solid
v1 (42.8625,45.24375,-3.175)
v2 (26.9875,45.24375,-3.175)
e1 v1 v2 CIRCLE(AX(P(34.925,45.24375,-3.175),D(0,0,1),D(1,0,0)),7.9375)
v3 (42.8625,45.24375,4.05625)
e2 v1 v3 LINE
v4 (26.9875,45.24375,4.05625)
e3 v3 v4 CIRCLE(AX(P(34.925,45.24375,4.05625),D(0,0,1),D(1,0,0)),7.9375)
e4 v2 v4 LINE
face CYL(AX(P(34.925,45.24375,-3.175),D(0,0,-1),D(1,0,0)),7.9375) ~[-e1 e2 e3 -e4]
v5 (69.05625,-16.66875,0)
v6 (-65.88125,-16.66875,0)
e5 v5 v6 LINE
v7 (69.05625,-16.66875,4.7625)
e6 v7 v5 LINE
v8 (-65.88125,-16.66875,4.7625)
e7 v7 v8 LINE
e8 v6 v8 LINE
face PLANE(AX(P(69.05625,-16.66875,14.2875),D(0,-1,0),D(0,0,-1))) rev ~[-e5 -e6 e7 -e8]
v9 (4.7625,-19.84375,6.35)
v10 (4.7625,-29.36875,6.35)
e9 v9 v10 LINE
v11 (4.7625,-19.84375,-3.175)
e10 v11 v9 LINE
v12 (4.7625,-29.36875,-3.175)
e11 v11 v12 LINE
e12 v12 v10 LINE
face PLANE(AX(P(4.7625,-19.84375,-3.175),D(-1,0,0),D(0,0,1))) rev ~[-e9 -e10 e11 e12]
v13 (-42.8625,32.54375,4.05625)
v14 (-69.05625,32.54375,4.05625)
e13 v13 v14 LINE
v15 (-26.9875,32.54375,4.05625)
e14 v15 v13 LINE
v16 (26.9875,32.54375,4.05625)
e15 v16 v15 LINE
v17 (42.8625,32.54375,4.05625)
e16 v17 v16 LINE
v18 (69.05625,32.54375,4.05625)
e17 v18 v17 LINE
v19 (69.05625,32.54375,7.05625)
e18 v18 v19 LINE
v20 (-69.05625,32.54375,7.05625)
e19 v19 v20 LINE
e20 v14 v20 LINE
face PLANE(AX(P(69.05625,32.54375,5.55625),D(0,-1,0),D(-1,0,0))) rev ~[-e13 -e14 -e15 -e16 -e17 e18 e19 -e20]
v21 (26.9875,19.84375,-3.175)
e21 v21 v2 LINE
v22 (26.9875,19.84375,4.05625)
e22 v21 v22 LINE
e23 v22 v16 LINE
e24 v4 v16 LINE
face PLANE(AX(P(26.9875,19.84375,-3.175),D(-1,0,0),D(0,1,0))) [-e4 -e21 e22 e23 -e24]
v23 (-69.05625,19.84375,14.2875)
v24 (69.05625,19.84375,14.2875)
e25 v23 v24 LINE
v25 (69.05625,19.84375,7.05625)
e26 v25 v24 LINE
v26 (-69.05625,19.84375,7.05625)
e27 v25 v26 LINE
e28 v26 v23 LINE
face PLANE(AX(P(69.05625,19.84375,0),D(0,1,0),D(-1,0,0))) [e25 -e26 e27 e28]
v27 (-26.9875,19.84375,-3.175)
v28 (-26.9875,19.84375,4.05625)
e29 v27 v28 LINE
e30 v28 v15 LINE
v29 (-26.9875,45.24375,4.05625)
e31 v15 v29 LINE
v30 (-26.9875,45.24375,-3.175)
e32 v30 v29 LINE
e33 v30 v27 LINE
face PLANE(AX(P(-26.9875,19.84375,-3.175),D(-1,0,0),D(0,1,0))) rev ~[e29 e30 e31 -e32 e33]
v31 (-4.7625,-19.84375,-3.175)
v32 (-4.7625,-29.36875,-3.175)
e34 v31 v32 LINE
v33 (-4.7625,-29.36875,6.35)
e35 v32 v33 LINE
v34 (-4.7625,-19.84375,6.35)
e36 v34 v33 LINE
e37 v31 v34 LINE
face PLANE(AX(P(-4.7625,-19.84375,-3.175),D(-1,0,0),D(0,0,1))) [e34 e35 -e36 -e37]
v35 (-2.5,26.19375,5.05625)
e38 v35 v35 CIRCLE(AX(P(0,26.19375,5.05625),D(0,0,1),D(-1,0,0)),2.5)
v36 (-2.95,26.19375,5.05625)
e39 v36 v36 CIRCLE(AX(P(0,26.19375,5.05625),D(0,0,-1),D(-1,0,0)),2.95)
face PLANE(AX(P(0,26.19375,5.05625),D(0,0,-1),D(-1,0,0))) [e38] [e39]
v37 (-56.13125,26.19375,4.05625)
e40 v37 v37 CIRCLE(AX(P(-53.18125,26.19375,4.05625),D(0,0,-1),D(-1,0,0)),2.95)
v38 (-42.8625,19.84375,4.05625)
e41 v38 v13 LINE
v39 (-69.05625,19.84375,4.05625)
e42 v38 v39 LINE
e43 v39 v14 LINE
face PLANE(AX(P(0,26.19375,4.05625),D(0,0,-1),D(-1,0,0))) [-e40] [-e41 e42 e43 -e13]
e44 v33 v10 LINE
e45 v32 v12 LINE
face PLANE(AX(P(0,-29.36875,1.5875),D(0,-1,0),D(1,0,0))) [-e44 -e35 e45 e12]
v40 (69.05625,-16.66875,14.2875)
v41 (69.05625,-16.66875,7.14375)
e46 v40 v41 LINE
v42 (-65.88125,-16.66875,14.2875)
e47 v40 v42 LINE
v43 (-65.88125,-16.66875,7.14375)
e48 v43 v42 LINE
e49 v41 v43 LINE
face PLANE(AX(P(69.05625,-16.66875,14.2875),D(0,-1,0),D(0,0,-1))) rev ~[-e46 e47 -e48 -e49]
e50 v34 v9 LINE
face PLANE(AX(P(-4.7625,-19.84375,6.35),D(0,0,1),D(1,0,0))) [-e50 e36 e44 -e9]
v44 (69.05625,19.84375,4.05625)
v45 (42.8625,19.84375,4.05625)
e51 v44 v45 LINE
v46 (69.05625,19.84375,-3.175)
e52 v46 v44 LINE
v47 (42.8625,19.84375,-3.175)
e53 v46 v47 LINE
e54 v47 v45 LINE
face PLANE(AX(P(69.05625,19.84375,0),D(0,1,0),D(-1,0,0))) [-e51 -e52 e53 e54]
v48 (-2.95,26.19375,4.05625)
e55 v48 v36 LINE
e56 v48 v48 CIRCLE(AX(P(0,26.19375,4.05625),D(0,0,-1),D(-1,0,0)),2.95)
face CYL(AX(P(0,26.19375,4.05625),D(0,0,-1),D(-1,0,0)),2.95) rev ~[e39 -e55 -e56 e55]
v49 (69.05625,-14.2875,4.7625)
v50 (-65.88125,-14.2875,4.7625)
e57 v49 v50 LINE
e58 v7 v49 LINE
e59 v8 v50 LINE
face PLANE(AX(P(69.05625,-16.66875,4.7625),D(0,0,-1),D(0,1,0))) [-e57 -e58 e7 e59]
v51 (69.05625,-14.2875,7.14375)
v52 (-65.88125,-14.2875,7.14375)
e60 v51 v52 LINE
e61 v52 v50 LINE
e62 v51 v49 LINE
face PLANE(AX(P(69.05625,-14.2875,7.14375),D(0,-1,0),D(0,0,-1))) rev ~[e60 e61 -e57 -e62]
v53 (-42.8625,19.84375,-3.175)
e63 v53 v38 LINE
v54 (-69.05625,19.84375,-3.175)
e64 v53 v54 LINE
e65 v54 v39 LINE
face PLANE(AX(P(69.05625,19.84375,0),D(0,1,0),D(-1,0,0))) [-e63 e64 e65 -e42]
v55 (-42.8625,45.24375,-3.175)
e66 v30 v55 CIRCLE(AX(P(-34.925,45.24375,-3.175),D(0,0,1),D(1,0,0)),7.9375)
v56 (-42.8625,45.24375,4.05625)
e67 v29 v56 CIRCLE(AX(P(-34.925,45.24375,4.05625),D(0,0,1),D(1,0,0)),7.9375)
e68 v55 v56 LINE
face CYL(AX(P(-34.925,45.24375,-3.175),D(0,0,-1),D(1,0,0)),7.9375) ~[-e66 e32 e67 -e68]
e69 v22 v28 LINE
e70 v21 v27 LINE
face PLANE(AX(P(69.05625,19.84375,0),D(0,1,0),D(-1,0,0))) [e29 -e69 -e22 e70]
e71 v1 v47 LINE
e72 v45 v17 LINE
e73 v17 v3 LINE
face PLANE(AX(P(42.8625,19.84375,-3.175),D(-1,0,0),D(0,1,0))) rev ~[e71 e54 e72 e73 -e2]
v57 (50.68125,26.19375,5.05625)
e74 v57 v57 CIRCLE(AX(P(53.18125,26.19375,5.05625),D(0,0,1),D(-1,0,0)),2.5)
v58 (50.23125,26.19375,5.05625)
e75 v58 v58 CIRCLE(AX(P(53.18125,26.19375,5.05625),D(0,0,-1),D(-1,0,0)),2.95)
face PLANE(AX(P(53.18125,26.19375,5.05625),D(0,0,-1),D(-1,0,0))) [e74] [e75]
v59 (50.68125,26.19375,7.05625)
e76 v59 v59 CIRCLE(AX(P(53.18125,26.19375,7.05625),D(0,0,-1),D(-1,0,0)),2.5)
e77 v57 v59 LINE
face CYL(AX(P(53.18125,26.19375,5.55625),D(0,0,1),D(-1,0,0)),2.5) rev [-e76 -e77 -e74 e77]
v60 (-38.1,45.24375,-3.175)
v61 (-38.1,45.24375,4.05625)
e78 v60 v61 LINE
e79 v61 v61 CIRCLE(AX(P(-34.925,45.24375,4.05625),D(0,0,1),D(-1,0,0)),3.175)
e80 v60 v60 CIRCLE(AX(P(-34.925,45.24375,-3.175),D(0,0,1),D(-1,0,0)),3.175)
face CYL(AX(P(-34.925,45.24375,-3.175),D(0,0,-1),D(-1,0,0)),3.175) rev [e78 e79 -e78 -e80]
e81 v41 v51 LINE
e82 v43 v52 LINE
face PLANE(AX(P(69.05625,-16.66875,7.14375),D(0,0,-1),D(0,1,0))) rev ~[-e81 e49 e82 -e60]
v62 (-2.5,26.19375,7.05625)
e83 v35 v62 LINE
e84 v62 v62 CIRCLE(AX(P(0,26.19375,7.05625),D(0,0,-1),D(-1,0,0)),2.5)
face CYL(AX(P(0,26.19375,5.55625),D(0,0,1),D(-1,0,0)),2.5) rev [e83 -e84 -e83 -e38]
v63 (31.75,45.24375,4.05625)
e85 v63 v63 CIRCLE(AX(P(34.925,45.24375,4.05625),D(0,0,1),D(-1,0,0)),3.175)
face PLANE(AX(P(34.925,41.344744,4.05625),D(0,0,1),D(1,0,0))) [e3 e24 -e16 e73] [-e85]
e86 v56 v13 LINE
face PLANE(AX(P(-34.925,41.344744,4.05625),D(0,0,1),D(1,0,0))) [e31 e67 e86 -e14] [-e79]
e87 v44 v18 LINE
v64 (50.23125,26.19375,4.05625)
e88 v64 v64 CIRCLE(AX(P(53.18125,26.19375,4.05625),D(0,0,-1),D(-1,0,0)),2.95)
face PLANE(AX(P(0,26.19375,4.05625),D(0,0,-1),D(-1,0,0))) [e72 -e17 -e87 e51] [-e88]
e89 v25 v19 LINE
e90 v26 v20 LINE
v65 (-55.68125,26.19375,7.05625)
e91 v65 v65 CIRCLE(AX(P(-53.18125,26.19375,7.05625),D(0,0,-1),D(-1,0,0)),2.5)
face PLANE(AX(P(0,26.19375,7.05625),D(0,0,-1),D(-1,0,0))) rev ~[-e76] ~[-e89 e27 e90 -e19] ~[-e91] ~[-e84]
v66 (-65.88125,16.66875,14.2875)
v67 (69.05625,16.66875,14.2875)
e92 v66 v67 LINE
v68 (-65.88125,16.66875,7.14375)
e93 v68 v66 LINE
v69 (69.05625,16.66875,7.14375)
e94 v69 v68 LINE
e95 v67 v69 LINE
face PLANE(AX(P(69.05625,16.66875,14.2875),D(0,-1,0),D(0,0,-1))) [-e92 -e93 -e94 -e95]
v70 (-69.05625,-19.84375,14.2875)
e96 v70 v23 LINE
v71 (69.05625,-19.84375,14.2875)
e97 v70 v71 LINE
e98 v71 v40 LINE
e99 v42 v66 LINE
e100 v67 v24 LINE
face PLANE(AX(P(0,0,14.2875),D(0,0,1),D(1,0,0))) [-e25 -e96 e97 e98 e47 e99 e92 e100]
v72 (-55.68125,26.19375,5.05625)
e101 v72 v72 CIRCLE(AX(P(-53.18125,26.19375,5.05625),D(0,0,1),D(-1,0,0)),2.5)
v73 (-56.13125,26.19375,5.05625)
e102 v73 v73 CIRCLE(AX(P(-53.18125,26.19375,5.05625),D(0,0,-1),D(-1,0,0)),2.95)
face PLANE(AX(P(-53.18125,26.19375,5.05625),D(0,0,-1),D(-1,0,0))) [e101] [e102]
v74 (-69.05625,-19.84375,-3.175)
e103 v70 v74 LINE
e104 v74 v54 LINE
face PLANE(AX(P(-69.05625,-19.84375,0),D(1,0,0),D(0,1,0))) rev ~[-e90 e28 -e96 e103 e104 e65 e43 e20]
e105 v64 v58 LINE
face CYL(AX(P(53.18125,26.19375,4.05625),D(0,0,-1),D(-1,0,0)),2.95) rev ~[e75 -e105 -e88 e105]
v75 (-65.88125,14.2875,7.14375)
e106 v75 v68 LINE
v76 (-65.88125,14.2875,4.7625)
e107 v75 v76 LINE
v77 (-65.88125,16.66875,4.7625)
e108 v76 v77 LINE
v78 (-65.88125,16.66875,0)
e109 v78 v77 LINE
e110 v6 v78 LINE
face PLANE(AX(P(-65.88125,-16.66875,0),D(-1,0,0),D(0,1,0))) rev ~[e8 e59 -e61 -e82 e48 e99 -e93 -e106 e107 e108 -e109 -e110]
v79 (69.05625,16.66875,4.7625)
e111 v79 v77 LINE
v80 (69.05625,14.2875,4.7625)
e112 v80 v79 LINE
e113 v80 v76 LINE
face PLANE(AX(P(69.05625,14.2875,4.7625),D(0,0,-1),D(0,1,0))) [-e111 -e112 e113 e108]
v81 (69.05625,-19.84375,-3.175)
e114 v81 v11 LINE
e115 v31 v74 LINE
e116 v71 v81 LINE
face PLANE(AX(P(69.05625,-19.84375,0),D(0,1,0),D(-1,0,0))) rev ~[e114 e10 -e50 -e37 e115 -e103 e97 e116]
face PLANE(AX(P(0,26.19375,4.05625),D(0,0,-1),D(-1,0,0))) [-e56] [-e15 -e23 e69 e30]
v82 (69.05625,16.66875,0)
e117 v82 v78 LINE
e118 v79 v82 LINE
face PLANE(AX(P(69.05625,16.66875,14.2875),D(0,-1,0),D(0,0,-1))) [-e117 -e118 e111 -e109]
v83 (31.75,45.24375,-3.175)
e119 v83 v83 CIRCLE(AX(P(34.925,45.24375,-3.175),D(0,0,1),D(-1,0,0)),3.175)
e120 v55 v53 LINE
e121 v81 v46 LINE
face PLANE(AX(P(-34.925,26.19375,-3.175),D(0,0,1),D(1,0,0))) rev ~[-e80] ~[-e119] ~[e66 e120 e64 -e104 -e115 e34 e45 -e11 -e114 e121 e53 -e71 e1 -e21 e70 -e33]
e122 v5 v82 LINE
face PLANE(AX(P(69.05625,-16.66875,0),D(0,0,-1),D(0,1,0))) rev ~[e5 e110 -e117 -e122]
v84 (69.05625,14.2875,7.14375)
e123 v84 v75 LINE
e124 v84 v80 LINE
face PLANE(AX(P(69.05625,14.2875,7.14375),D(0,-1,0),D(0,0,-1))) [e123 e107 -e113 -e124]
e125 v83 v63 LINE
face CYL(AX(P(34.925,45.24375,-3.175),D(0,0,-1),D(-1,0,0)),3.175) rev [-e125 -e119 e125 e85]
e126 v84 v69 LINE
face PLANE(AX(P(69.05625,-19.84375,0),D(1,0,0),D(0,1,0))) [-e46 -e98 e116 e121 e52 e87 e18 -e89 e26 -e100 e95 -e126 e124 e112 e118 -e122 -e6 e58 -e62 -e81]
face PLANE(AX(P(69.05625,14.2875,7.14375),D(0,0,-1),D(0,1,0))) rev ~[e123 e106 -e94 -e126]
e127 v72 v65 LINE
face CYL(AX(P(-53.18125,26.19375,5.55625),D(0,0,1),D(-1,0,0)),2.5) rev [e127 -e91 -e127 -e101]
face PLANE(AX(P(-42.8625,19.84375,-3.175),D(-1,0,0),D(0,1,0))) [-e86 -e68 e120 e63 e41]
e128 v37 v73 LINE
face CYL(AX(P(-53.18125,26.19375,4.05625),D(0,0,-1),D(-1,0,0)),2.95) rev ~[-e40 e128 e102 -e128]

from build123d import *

# Parameters (mm, degrees)
SKETCH1_W           = 138.1125
SKETCH1_H           = 39.6875
SKETCH1_W_2         = 131.7625
SKETCH1_H_2         = 33.3375
BOSS_EXTRUDE1_DEPTH = 14.2875
SKETCH2_W           = 138.1125
SKETCH2_H           = 39.6875
BOSS_EXTRUDE2_DEPTH = 3.175
CUT_EXTRUDE1_REACH  = 142.26
SKETCH3_W           = 14.2875
SKETCH3_H           = 33.3375
BOSS_EXTRUDE3_REACH = 142.26
SKETCH4_W           = 2.38125
SKETCH4_H           = 2.38125
BOSS_EXTRUDE4_START = -8.73125
SKETCH6_W           = 138.1125
SKETCH6_H           = 12.7
SKETCH6_R           = 2.5
BOSS_EXTRUDE4_DEPTH = 1.5
SKETCH7_R           = 2.95
CUT_EXTRUDE2_DEPTH  = 1
SKETCH8_W           = 9.525
SKETCH8_H           = 9.525
BOSS_EXTRUDE5_DEPTH = 9.525
BOSS_EXTRUDE6_START = -10.23125
SKETCH9_W           = 15.875
SKETCH9_H           = 12.7
SKETCH9_R           = 3.175
BOSS_EXTRUDE6_DEPTH = 7.23125


with BuildPart() as part:
    # Sketch1 → Boss-Extrude1 (new body)
    with BuildSketch(Plane.XY):
        Rectangle(SKETCH1_W, SKETCH1_H)
        Rectangle(SKETCH1_W_2, SKETCH1_H_2, mode=Mode.SUBTRACT)
    extrude(amount=BOSS_EXTRUDE1_DEPTH)

    # Sketch2 → Boss-Extrude2 (add)
    with BuildSketch(Plane(origin=(0, 0, 0), x_dir=(-1, 0, 0), z_dir=(0, 0, -1))):
        Rectangle(SKETCH2_W, SKETCH2_H)
    extrude(amount=BOSS_EXTRUDE2_DEPTH)

    # Sketch3 → Cut-Extrude1 (cut, up to next)
    with BuildSketch(Plane(origin=(69.05625, 0, 0), x_dir=(0, 0, -1), z_dir=(1, 0, 0)), mode=Mode.PRIVATE) as cut_extrude1_sk1:
        with Locations((-7.14375, 0)):
            Rectangle(SKETCH3_W, SKETCH3_H)
    cut_extrude1_tool1 = extrude(cut_extrude1_sk1.sketch, amount=-CUT_EXTRUDE1_REACH, mode=Mode.PRIVATE) & part.part
    add(cut_extrude1_tool1.solids().sort_by_distance((69.05625, 0, 7.14375))[0], mode=Mode.SUBTRACT)

    # Sketch4 → Boss-Extrude3 (add, up to next)
    with BuildSketch(Plane(origin=(69.05625, 0, 0), x_dir=(0, 0, -1), z_dir=(1, 0, 0)), mode=Mode.PRIVATE) as boss_extrude3_sk1:
        with Locations((-5.953125, -15.478125)):
            Rectangle(SKETCH4_W, SKETCH4_H)
    boss_extrude3_tool1 = extrude(boss_extrude3_sk1.sketch, amount=-BOSS_EXTRUDE3_REACH, mode=Mode.PRIVATE) - part.part
    # Sketch4 → Boss-Extrude3 (add, up to next)
    with BuildSketch(Plane(origin=(69.05625, 0, 0), x_dir=(0, 0, -1), z_dir=(1, 0, 0)), mode=Mode.PRIVATE) as boss_extrude3_sk2:
        with Locations((-5.953125, 15.478125)):
            Rectangle(SKETCH4_W, SKETCH4_H)
    boss_extrude3_tool2 = extrude(boss_extrude3_sk2.sketch, amount=-BOSS_EXTRUDE3_REACH, mode=Mode.PRIVATE) - part.part
    add(boss_extrude3_tool1.solids().sort_by_distance((69.05625, -15.478125, 5.953125))[0])
    add(boss_extrude3_tool2.solids().sort_by_distance((69.05625, 15.478125, 5.953125))[0])

    # Sketch6 → Boss-Extrude4 (add, symmetric)
    with BuildSketch(Plane(origin=(0, 0, -3.175), x_dir=(-1, 0, 0), z_dir=(0, 0, -1)).offset(BOSS_EXTRUDE4_START)):
        with Locations((0, 26.19375)):
            Rectangle(SKETCH6_W, SKETCH6_H)
        with Locations((0, 26.19375)):
            Circle(SKETCH6_R, mode=Mode.SUBTRACT)
        with Locations((-53.18125, 26.19375)):
            Circle(SKETCH6_R, mode=Mode.SUBTRACT)
        with Locations((53.18125, 26.19375)):
            Circle(SKETCH6_R, mode=Mode.SUBTRACT)
    extrude(amount=BOSS_EXTRUDE4_DEPTH, both=True)

    # Sketch7 → Cut-Extrude2 (cut)
    with BuildSketch(Plane(origin=(0, 0, 4.05625), x_dir=(-1, 0, 0), z_dir=(0, 0, -1))):
        with Locations((-53.18125, 26.19375)):
            Circle(SKETCH7_R)
        with Locations((0, 26.19375)):
            Circle(SKETCH7_R)
        with Locations((53.18125, 26.19375)):
            Circle(SKETCH7_R)
    extrude(amount=-CUT_EXTRUDE2_DEPTH, mode=Mode.SUBTRACT)

    # Sketch8 → Boss-Extrude5 (add)
    with BuildSketch(Plane.XZ.offset(19.84375)):
        with Locations((0, 1.5875)):
            Rectangle(SKETCH8_W, SKETCH8_H)
    extrude(amount=BOSS_EXTRUDE5_DEPTH)

    # Sketch9 → Boss-Extrude6 (add)
    # profile 1 of 4: a face of its own
    with BuildSketch(Plane.XY.offset(7.05625).offset(BOSS_EXTRUDE6_START)):
        with Locations((-34.925, 26.19375)):
            Rectangle(SKETCH9_W, SKETCH9_H)
    # profile 2 of 4: a face of its own
    with BuildSketch(Plane.XY.offset(7.05625).offset(BOSS_EXTRUDE6_START)):
        with BuildLine():
            Line((-42.8625, 45.24375), (-42.8625, 32.54375))
            Line((-42.8625, 32.54375), (-26.9875, 32.54375))
            Line((-26.9875, 32.54375), (-26.9875, 45.24375))
            ThreePointArc((-26.9875, 45.24375), (-34.925, 53.18125), (-42.8625, 45.24375))
        make_face()
        with Locations(Location((-34.925, 45.24375, 0), (0, 0, 180))):
            Circle(SKETCH9_R, mode=Mode.SUBTRACT)
    # profile 3 of 4: a face of its own
    with BuildSketch(Plane.XY.offset(7.05625).offset(BOSS_EXTRUDE6_START)):
        with Locations((34.925, 26.19375)):
            Rectangle(SKETCH9_W, SKETCH9_H)
    # profile 4 of 4: a face of its own
    with BuildSketch(Plane.XY.offset(7.05625).offset(BOSS_EXTRUDE6_START)):
        with BuildLine():
            Line((26.9875, 45.24375), (26.9875, 32.54375))
            Line((26.9875, 32.54375), (42.8625, 32.54375))
            Line((42.8625, 32.54375), (42.8625, 45.24375))
            ThreePointArc((42.8625, 45.24375), (34.925, 53.18125), (26.9875, 45.24375))
        make_face()
        with Locations(Location((34.925, 45.24375, 0), (0, 0, 180))):
            Circle(SKETCH9_R, mode=Mode.SUBTRACT)
    extrude(amount=BOSS_EXTRUDE6_DEPTH)


solid = part.part
